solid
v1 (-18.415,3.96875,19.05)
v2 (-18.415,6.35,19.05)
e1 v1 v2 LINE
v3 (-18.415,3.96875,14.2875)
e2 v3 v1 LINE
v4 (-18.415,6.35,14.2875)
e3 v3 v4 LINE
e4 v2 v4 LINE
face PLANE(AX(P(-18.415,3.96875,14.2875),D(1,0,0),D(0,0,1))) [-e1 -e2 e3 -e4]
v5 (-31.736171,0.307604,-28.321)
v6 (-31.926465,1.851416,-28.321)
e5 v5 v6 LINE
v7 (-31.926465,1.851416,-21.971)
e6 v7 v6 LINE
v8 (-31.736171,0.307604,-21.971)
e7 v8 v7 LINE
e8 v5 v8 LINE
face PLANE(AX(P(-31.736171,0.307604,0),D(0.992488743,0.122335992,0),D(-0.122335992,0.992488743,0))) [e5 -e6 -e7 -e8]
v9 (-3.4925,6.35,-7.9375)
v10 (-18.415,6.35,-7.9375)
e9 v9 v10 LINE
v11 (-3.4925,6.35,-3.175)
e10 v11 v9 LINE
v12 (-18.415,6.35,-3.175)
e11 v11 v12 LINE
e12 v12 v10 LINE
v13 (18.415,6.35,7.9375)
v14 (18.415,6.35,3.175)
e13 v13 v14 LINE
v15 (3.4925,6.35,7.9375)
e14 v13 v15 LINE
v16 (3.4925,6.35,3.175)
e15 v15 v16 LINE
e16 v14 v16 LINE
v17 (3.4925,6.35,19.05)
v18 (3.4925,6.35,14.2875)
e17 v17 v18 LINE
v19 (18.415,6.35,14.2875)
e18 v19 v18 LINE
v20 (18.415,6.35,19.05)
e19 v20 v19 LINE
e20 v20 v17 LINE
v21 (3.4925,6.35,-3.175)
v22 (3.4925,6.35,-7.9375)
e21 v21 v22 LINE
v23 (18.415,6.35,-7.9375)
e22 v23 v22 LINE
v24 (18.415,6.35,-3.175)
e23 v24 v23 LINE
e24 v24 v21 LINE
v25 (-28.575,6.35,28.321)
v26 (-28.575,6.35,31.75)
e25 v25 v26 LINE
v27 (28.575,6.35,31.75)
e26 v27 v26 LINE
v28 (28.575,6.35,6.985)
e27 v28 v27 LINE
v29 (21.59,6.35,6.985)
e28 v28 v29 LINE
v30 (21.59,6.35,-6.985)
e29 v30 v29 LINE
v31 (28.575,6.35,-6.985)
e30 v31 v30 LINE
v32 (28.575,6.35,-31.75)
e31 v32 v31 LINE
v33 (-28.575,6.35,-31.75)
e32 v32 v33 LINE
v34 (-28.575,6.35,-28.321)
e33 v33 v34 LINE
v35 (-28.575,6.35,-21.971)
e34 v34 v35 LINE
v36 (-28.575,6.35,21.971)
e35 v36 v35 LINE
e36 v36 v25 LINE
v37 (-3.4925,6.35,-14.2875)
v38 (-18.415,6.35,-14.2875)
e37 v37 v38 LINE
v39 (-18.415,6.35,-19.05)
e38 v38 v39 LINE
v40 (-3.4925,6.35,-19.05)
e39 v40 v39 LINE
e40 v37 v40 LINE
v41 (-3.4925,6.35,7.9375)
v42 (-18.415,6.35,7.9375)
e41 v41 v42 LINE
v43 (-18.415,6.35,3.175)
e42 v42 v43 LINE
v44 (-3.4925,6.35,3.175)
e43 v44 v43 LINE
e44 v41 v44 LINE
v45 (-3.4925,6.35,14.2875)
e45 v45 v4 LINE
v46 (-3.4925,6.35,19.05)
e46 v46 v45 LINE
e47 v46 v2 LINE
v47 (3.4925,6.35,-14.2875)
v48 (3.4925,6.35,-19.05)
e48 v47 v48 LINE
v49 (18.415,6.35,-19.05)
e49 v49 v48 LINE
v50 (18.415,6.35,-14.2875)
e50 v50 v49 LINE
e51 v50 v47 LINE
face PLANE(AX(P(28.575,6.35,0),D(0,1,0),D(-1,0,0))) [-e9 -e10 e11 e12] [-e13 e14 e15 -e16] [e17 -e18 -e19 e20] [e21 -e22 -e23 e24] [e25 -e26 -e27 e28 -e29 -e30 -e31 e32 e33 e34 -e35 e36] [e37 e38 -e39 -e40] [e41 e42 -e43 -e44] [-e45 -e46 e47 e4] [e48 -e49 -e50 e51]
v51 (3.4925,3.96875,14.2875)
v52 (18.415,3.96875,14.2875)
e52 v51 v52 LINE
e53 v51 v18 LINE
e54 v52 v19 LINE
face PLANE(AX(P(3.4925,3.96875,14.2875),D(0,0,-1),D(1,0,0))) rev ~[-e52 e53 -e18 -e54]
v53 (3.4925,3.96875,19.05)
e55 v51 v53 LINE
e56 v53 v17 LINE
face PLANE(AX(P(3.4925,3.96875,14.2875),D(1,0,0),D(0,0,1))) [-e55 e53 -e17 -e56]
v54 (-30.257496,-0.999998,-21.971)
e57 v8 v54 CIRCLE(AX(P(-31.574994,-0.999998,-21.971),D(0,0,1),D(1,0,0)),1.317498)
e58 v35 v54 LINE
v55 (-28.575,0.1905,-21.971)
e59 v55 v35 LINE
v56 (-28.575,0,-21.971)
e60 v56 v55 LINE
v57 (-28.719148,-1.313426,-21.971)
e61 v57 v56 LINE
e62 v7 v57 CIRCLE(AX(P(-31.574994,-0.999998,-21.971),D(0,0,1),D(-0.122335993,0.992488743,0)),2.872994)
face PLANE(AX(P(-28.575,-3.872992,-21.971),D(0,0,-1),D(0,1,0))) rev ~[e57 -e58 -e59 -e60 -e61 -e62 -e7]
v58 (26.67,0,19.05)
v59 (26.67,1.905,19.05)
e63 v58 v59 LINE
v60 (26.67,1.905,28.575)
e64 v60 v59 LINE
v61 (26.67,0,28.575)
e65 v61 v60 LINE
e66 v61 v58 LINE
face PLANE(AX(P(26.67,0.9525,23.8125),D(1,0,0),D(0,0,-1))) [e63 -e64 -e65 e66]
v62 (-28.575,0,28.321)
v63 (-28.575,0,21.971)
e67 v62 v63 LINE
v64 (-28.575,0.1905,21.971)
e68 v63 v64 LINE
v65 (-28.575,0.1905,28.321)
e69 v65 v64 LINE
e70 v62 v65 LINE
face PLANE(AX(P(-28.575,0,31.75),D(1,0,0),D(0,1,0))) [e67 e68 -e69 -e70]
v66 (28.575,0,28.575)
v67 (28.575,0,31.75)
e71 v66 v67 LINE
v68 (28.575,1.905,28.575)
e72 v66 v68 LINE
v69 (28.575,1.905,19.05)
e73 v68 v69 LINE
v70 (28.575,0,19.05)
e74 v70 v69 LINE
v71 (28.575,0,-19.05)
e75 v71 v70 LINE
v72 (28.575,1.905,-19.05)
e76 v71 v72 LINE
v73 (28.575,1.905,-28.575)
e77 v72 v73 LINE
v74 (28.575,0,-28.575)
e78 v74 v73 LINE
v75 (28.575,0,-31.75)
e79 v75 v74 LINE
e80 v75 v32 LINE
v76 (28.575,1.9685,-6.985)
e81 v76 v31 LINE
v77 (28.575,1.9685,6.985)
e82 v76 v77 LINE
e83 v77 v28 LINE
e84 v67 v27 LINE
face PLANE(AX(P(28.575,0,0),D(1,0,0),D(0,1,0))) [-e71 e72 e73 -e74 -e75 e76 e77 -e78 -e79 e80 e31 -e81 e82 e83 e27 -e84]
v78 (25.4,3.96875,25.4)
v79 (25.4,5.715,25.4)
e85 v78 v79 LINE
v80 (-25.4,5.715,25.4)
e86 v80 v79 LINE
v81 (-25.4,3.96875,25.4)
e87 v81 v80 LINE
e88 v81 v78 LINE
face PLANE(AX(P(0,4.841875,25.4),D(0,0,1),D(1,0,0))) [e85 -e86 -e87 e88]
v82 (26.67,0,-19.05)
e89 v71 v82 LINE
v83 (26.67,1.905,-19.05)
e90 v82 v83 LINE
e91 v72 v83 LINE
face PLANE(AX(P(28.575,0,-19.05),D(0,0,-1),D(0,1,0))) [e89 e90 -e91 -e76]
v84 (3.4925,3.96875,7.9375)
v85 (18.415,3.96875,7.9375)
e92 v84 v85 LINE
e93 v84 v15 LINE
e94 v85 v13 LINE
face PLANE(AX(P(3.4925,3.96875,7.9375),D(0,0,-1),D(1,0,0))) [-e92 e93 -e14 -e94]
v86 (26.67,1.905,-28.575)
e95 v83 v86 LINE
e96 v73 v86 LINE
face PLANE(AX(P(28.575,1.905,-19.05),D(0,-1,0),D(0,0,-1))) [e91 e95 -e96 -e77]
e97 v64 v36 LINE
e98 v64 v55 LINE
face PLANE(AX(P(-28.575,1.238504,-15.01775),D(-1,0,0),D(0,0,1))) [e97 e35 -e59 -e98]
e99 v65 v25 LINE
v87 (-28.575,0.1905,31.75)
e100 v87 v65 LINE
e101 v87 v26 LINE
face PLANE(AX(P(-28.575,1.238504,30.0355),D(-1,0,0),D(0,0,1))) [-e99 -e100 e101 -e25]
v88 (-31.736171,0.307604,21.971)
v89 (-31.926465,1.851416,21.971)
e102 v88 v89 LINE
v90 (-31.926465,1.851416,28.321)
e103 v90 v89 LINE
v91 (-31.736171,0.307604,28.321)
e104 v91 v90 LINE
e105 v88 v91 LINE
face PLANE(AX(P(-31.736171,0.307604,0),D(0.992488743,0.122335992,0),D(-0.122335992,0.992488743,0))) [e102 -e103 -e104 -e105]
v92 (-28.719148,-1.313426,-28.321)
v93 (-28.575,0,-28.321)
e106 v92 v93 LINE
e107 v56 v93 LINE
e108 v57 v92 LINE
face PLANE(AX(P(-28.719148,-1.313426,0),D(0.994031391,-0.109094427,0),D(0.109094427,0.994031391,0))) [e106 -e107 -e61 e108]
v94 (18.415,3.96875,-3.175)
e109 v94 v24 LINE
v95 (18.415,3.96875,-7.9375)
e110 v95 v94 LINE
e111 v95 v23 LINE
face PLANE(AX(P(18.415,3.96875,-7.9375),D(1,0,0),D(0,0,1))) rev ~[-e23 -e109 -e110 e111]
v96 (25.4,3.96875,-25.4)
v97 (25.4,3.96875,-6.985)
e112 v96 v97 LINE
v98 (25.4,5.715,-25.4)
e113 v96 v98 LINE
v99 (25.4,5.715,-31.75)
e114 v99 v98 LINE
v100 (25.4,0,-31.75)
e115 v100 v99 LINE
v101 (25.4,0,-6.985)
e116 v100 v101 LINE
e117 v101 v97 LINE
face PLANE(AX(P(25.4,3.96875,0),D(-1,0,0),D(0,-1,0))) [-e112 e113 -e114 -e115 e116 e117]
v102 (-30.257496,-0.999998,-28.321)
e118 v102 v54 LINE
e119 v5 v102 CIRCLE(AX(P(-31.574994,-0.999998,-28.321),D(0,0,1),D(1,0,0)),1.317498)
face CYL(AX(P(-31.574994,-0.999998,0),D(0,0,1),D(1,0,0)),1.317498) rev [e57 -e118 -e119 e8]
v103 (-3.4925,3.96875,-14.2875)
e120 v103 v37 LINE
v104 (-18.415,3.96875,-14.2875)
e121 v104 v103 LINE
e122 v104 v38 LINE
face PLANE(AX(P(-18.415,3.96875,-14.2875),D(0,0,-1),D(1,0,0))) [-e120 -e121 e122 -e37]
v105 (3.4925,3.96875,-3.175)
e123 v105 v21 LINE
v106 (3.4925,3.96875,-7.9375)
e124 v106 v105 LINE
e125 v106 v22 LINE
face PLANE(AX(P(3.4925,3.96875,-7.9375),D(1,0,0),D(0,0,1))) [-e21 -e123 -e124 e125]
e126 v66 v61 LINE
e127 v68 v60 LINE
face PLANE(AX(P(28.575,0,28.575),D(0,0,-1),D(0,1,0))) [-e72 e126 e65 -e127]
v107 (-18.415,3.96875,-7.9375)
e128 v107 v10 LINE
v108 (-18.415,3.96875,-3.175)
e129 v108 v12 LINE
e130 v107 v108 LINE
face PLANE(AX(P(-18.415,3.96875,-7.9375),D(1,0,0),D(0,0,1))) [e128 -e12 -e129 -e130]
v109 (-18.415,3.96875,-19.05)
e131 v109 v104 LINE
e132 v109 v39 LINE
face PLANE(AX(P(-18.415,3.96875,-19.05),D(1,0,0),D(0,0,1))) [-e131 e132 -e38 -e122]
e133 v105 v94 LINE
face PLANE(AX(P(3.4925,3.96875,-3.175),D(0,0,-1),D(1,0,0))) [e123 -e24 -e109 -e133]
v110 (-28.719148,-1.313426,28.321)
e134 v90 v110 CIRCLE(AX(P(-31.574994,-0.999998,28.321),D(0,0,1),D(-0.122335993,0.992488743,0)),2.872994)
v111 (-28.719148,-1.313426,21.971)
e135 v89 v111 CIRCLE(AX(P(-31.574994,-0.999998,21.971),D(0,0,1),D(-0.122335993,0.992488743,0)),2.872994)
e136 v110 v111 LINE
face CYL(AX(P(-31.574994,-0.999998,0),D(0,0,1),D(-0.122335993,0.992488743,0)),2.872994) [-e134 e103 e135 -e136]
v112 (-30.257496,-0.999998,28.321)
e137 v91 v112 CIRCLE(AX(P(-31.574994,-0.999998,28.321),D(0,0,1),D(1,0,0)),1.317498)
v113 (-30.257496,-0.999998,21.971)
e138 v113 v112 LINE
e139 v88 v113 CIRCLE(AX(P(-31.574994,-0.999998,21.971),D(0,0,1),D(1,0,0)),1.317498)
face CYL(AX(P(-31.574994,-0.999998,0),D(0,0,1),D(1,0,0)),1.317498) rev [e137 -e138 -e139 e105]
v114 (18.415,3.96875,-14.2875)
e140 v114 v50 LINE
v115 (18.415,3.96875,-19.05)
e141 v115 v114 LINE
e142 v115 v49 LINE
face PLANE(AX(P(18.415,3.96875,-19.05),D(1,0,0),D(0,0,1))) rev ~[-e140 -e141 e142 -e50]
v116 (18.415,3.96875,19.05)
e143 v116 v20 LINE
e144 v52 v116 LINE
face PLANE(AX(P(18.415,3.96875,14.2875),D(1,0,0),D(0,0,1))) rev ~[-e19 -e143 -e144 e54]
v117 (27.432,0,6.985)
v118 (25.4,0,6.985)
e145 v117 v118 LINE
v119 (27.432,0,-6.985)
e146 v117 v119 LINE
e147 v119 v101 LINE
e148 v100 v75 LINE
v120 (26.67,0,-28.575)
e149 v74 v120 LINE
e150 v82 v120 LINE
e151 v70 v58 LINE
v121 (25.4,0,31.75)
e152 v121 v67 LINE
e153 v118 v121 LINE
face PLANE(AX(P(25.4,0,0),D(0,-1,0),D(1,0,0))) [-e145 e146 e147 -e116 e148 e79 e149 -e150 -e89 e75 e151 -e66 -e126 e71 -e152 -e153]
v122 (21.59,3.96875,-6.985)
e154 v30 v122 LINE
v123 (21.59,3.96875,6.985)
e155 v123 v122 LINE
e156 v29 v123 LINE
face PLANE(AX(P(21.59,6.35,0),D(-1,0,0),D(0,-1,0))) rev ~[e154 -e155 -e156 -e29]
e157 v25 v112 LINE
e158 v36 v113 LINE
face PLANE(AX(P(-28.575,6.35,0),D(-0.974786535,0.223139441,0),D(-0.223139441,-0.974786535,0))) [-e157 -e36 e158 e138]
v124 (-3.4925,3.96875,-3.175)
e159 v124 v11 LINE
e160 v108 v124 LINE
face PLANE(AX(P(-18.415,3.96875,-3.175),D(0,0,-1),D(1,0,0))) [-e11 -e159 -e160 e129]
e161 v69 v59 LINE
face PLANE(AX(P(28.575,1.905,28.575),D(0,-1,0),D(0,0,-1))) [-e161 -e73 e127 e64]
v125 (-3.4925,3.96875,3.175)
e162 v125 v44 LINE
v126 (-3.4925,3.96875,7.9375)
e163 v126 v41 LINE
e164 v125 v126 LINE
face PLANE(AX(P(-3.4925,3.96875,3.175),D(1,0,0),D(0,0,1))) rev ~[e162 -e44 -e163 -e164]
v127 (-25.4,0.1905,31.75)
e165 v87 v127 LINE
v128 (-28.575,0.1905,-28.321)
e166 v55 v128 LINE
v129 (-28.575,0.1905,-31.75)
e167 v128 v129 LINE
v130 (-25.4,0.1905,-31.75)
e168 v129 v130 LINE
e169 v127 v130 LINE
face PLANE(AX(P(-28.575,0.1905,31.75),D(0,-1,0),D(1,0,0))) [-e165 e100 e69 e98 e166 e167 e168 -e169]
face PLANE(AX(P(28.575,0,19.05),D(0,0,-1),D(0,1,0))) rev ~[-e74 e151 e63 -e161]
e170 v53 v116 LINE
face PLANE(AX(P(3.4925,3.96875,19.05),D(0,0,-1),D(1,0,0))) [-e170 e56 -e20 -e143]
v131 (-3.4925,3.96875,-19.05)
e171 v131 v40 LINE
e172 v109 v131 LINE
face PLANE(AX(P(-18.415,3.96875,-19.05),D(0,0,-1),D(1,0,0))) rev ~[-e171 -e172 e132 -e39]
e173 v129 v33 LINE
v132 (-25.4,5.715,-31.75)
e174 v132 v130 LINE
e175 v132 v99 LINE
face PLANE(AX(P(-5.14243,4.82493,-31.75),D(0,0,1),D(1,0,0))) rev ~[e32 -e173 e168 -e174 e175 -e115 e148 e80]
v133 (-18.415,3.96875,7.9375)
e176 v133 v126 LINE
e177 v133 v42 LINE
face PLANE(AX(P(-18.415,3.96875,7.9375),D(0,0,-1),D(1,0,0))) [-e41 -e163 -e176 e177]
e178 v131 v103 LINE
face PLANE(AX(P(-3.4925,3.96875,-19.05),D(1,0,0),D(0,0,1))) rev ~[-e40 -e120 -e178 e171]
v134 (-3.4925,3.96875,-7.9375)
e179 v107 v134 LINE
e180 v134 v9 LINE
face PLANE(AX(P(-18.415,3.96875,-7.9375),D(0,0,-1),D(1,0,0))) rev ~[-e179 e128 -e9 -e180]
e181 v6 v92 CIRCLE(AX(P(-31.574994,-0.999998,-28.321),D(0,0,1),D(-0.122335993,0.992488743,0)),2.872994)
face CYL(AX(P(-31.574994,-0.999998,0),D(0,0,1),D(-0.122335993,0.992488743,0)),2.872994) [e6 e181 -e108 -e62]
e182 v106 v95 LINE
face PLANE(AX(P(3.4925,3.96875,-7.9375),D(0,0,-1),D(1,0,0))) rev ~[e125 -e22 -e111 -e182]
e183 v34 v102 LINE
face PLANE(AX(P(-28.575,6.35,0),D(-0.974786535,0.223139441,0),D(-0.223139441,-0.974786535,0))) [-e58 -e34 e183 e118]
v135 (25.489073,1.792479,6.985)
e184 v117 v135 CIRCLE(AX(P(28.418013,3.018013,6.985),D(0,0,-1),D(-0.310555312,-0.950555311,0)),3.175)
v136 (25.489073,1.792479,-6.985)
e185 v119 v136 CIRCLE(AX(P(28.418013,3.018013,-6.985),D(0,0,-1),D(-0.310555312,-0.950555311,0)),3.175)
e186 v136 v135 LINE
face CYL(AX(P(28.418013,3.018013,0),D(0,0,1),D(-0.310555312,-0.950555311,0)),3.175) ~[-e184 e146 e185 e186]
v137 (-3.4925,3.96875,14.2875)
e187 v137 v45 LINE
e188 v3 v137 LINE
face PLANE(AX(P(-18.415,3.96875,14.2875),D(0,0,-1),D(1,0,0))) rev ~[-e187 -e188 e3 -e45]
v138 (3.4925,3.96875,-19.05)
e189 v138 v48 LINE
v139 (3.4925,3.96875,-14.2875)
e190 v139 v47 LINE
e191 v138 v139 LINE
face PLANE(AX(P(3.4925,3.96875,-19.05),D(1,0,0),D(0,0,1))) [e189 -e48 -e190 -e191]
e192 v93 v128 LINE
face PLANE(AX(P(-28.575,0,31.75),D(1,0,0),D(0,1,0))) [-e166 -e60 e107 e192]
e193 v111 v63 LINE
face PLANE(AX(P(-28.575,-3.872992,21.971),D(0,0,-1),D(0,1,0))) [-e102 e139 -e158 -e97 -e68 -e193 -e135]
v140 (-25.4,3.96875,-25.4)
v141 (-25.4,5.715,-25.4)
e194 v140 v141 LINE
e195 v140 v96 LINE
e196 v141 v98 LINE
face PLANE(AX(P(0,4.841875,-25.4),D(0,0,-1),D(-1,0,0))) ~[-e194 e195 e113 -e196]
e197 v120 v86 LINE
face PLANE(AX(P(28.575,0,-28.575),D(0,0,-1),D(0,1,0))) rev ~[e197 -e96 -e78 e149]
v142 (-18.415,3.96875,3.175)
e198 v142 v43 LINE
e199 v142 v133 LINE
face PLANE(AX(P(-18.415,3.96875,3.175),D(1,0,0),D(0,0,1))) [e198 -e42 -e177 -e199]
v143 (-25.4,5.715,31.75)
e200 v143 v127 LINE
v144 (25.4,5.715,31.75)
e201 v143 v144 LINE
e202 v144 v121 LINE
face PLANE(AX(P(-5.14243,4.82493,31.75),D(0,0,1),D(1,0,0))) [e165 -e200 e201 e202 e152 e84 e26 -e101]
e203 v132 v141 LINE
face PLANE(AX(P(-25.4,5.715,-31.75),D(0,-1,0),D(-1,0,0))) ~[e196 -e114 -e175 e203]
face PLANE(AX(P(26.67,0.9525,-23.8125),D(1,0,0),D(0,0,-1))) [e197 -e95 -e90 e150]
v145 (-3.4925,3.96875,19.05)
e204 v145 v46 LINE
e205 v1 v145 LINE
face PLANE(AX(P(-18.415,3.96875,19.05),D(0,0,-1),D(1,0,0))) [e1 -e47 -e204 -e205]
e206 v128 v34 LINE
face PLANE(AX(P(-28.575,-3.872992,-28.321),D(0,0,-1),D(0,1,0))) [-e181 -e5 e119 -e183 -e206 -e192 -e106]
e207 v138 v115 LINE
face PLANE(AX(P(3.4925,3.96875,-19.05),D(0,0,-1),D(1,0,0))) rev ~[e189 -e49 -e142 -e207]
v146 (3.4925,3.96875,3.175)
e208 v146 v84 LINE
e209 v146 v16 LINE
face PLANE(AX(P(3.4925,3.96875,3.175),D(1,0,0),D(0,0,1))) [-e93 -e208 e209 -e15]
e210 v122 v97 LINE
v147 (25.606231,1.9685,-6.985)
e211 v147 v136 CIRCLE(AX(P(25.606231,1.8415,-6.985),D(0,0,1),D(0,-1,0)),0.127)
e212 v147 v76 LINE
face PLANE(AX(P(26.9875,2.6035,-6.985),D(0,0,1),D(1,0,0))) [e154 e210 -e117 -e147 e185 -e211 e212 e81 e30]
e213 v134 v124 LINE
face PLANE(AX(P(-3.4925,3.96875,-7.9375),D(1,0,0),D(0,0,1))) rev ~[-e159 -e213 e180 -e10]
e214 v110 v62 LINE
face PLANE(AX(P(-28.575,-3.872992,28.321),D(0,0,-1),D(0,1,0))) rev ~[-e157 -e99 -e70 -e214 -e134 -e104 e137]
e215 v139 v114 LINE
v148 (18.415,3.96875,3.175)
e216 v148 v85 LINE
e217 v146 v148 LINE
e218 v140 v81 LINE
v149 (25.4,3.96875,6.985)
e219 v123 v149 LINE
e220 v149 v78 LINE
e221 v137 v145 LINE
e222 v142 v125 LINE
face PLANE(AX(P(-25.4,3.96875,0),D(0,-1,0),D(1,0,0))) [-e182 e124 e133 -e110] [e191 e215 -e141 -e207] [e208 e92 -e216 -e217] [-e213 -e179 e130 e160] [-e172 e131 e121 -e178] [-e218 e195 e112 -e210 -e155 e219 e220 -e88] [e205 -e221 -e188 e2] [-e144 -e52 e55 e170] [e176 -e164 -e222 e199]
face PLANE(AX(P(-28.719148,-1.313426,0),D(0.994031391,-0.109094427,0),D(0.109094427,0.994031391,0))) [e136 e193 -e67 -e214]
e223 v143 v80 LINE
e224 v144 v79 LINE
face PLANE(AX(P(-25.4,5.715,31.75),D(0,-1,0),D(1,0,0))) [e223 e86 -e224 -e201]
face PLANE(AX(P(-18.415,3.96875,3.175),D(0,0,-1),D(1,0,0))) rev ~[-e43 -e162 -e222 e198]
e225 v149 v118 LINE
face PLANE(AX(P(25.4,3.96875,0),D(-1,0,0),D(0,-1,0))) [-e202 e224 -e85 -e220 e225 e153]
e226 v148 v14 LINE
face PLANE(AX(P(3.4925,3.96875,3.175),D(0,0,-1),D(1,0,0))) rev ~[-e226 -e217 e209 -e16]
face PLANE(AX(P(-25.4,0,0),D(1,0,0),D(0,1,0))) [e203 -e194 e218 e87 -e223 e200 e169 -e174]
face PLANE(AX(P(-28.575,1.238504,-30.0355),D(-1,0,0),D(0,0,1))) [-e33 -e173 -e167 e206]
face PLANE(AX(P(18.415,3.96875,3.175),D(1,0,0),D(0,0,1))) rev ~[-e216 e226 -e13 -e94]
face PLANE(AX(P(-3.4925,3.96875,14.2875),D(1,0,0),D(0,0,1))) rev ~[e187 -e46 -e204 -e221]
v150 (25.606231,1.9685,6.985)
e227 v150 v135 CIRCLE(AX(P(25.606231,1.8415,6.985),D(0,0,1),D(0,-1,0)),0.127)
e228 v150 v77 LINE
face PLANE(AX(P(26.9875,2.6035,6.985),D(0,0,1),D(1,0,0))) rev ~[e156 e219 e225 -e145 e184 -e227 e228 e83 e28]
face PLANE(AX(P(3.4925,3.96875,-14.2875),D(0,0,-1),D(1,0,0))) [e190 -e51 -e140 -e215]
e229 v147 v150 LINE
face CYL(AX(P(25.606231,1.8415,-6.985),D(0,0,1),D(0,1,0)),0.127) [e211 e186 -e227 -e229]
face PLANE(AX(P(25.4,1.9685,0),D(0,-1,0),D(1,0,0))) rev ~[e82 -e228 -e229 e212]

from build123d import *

# Parameters (mm, degrees)
BOSS_EXTRUDE1_DEPTH = 31.75
CUT_EXTRUDE1_DEPTH  = 6.985
SKETCH2_W           = 3.429
SKETCH2_H           = 10.222992
SKETCH2_W_2         = 43.942
CUT_EXTRUDE2_DEPTH  = 19.05
SKETCH4_W           = 14.9225
SKETCH4_H           = 4.7625
CUT_EXTRUDE4_DEPTH  = 48.499676787
CUT_EXTRUDE7_DEPTH  = 6.985
SKETCH9_W           = 50.8
SKETCH9_H           = 1.74625
CUT_EXTRUDE8_DEPTH  = 6.35
SKETCH10_W          = 9.525
SKETCH10_H          = 1.905
CUT_EXTRUDE9_DEPTH  = 1.905
SKETCH11_W          = 3.175
SKETCH11_H          = 0.1905
CUT_EXTRUDE10_DEPTH = 73.520592781
FILLET2_R           = 0.127


with BuildPart() as part:
    # Sketch1 → Boss-Extrude1 (new, symmetric)
    with BuildSketch(Plane.XY):
        with BuildLine():
            Line((-28.575, 6.35), (-30.257496, -0.999998))
            ThreePointArc((-30.257496, -0.999998), (-32.447762596, -1.986950865), (-31.736171426, 0.307603934))
            Line((-31.736171426, 0.307603934), (-31.926464573, 1.851416204))
            ThreePointArc((-31.926464573, 1.851416204), (-33.592921231, -3.045007588), (-28.719147778, -1.313425633))
            Line((-28.719147778, -1.313425633), (-28.575, 0))
            Line((-28.575, 0), (-25.4, 0))
            Line((-25.4, 0), (-25.4, 3.96875))
            Line((-25.4, 3.96875), (25.4, 3.96875))
            Line((25.4, 3.96875), (25.4, 0))
            Line((25.4, 0), (28.575, 0))
            Line((28.575, 0), (28.575, 6.35))
            Line((28.575, 6.35), (-28.575, 6.35))
        make_face()
    extrude(amount=BOSS_EXTRUDE1_DEPTH, both=True)

    # Sketch1<4> → Cut-Extrude1 (cut, symmetric)
    with BuildSketch(Plane.XY):
        Polygon((28.575, 6.35), (21.59, 6.35), (21.59, 3.96875), (25.4, 3.96875), (25.4, 1.9685), (28.575, 1.9685), align=None)
    extrude(amount=CUT_EXTRUDE1_DEPTH, both=True, mode=Mode.SUBTRACT)

    # Sketch2 → Cut-Extrude2 (cut)
    with BuildSketch(Plane(origin=(-28.575, 9.604995709, 0), x_dir=(0, 0, 1), z_dir=(-1, 0, 0))):
        with Locations((30.0355, -8.366491709)):
            Rectangle(SKETCH2_W, SKETCH2_H)
        with Locations((-30.0355, -8.366491709)):
            Rectangle(SKETCH2_W, SKETCH2_H)
        with Locations((0, -8.366491709)):
            Rectangle(SKETCH2_W_2, SKETCH2_H)
    extrude(amount=CUT_EXTRUDE2_DEPTH, mode=Mode.SUBTRACT)

    # Sketch4 → Cut-Extrude4 (cut, through all)
    with BuildSketch(Plane.XZ.offset(-3.96875)):
        with Locations((-10.95375, 16.66875)):
            Rectangle(SKETCH4_W, SKETCH4_H)
        with Locations((10.95375, 16.66875)):
            Rectangle(SKETCH4_W, SKETCH4_H)
        with Locations((-10.95375, 5.55625)):
            Rectangle(SKETCH4_W, SKETCH4_H)
        with Locations((10.95375, 5.55625)):
            Rectangle(SKETCH4_W, SKETCH4_H)
        with Locations((-10.95375, -5.55625)):
            Rectangle(SKETCH4_W, SKETCH4_H)
        with Locations((10.95375, -5.55625)):
            Rectangle(SKETCH4_W, SKETCH4_H)
        with Locations((-10.95375, -16.66875)):
            Rectangle(SKETCH4_W, SKETCH4_H)
        with Locations((10.95375, -16.66875)):
            Rectangle(SKETCH4_W, SKETCH4_H)
    extrude(amount=-CUT_EXTRUDE4_DEPTH, mode=Mode.SUBTRACT)

    # Sketch8 → Cut-Extrude7 (cut, symmetric)
    with BuildSketch(Plane.XY):
        with BuildLine():
            Line((25.4, 0), (27.432, 0))
            ThreePointArc((27.432, 0), (26.172949082, 0.772949082), (25.4, 2.032))
            Line((25.4, 2.032), (25.4, 0))
        make_face()
    extrude(amount=CUT_EXTRUDE7_DEPTH, both=True, mode=Mode.SUBTRACT)

    # Sketch9 → Cut-Extrude8 (cut)
    with BuildSketch(Plane.XY.offset(31.75)):
        with Locations((0, 4.841875)):
            Rectangle(SKETCH9_W, SKETCH9_H)
    cut_extrude8 = extrude(amount=-CUT_EXTRUDE8_DEPTH, mode=Mode.SUBTRACT)

    # Mirror1: Cut-Extrude8 across plane
    add(cut_extrude8.mirror(Plane.XY), mode=Mode.SUBTRACT)

    # Sketch10 → Cut-Extrude9 (cut)
    with BuildSketch(Plane(origin=(28.575, 0, 0), x_dir=(0, 0, -1), z_dir=(1, 0, 0))):
        with Locations((23.8125, 0.9525)):
            Rectangle(SKETCH10_W, SKETCH10_H)
        with Locations((-23.8125, 0.9525)):
            Rectangle(SKETCH10_W, SKETCH10_H)
    extrude(amount=-CUT_EXTRUDE9_DEPTH, mode=Mode.SUBTRACT)

    # Sketch11 → Cut-Extrude10 (cut, through all)
    with BuildSketch(Plane.XY.offset(31.75)):
        with Locations((-26.9875, 0.09525)):
            Rectangle(SKETCH11_W, SKETCH11_H)
    extrude(amount=-CUT_EXTRUDE10_DEPTH, mode=Mode.SUBTRACT)

    # Fillet2
    fillet2_edges = [part.edges().sort_by_distance(p)[0] for p in [
        (25.421490589, 1.9685, 0),
    ]]
    fillet(fillet2_edges, radius=FILLET2_R)


solid = part.part
